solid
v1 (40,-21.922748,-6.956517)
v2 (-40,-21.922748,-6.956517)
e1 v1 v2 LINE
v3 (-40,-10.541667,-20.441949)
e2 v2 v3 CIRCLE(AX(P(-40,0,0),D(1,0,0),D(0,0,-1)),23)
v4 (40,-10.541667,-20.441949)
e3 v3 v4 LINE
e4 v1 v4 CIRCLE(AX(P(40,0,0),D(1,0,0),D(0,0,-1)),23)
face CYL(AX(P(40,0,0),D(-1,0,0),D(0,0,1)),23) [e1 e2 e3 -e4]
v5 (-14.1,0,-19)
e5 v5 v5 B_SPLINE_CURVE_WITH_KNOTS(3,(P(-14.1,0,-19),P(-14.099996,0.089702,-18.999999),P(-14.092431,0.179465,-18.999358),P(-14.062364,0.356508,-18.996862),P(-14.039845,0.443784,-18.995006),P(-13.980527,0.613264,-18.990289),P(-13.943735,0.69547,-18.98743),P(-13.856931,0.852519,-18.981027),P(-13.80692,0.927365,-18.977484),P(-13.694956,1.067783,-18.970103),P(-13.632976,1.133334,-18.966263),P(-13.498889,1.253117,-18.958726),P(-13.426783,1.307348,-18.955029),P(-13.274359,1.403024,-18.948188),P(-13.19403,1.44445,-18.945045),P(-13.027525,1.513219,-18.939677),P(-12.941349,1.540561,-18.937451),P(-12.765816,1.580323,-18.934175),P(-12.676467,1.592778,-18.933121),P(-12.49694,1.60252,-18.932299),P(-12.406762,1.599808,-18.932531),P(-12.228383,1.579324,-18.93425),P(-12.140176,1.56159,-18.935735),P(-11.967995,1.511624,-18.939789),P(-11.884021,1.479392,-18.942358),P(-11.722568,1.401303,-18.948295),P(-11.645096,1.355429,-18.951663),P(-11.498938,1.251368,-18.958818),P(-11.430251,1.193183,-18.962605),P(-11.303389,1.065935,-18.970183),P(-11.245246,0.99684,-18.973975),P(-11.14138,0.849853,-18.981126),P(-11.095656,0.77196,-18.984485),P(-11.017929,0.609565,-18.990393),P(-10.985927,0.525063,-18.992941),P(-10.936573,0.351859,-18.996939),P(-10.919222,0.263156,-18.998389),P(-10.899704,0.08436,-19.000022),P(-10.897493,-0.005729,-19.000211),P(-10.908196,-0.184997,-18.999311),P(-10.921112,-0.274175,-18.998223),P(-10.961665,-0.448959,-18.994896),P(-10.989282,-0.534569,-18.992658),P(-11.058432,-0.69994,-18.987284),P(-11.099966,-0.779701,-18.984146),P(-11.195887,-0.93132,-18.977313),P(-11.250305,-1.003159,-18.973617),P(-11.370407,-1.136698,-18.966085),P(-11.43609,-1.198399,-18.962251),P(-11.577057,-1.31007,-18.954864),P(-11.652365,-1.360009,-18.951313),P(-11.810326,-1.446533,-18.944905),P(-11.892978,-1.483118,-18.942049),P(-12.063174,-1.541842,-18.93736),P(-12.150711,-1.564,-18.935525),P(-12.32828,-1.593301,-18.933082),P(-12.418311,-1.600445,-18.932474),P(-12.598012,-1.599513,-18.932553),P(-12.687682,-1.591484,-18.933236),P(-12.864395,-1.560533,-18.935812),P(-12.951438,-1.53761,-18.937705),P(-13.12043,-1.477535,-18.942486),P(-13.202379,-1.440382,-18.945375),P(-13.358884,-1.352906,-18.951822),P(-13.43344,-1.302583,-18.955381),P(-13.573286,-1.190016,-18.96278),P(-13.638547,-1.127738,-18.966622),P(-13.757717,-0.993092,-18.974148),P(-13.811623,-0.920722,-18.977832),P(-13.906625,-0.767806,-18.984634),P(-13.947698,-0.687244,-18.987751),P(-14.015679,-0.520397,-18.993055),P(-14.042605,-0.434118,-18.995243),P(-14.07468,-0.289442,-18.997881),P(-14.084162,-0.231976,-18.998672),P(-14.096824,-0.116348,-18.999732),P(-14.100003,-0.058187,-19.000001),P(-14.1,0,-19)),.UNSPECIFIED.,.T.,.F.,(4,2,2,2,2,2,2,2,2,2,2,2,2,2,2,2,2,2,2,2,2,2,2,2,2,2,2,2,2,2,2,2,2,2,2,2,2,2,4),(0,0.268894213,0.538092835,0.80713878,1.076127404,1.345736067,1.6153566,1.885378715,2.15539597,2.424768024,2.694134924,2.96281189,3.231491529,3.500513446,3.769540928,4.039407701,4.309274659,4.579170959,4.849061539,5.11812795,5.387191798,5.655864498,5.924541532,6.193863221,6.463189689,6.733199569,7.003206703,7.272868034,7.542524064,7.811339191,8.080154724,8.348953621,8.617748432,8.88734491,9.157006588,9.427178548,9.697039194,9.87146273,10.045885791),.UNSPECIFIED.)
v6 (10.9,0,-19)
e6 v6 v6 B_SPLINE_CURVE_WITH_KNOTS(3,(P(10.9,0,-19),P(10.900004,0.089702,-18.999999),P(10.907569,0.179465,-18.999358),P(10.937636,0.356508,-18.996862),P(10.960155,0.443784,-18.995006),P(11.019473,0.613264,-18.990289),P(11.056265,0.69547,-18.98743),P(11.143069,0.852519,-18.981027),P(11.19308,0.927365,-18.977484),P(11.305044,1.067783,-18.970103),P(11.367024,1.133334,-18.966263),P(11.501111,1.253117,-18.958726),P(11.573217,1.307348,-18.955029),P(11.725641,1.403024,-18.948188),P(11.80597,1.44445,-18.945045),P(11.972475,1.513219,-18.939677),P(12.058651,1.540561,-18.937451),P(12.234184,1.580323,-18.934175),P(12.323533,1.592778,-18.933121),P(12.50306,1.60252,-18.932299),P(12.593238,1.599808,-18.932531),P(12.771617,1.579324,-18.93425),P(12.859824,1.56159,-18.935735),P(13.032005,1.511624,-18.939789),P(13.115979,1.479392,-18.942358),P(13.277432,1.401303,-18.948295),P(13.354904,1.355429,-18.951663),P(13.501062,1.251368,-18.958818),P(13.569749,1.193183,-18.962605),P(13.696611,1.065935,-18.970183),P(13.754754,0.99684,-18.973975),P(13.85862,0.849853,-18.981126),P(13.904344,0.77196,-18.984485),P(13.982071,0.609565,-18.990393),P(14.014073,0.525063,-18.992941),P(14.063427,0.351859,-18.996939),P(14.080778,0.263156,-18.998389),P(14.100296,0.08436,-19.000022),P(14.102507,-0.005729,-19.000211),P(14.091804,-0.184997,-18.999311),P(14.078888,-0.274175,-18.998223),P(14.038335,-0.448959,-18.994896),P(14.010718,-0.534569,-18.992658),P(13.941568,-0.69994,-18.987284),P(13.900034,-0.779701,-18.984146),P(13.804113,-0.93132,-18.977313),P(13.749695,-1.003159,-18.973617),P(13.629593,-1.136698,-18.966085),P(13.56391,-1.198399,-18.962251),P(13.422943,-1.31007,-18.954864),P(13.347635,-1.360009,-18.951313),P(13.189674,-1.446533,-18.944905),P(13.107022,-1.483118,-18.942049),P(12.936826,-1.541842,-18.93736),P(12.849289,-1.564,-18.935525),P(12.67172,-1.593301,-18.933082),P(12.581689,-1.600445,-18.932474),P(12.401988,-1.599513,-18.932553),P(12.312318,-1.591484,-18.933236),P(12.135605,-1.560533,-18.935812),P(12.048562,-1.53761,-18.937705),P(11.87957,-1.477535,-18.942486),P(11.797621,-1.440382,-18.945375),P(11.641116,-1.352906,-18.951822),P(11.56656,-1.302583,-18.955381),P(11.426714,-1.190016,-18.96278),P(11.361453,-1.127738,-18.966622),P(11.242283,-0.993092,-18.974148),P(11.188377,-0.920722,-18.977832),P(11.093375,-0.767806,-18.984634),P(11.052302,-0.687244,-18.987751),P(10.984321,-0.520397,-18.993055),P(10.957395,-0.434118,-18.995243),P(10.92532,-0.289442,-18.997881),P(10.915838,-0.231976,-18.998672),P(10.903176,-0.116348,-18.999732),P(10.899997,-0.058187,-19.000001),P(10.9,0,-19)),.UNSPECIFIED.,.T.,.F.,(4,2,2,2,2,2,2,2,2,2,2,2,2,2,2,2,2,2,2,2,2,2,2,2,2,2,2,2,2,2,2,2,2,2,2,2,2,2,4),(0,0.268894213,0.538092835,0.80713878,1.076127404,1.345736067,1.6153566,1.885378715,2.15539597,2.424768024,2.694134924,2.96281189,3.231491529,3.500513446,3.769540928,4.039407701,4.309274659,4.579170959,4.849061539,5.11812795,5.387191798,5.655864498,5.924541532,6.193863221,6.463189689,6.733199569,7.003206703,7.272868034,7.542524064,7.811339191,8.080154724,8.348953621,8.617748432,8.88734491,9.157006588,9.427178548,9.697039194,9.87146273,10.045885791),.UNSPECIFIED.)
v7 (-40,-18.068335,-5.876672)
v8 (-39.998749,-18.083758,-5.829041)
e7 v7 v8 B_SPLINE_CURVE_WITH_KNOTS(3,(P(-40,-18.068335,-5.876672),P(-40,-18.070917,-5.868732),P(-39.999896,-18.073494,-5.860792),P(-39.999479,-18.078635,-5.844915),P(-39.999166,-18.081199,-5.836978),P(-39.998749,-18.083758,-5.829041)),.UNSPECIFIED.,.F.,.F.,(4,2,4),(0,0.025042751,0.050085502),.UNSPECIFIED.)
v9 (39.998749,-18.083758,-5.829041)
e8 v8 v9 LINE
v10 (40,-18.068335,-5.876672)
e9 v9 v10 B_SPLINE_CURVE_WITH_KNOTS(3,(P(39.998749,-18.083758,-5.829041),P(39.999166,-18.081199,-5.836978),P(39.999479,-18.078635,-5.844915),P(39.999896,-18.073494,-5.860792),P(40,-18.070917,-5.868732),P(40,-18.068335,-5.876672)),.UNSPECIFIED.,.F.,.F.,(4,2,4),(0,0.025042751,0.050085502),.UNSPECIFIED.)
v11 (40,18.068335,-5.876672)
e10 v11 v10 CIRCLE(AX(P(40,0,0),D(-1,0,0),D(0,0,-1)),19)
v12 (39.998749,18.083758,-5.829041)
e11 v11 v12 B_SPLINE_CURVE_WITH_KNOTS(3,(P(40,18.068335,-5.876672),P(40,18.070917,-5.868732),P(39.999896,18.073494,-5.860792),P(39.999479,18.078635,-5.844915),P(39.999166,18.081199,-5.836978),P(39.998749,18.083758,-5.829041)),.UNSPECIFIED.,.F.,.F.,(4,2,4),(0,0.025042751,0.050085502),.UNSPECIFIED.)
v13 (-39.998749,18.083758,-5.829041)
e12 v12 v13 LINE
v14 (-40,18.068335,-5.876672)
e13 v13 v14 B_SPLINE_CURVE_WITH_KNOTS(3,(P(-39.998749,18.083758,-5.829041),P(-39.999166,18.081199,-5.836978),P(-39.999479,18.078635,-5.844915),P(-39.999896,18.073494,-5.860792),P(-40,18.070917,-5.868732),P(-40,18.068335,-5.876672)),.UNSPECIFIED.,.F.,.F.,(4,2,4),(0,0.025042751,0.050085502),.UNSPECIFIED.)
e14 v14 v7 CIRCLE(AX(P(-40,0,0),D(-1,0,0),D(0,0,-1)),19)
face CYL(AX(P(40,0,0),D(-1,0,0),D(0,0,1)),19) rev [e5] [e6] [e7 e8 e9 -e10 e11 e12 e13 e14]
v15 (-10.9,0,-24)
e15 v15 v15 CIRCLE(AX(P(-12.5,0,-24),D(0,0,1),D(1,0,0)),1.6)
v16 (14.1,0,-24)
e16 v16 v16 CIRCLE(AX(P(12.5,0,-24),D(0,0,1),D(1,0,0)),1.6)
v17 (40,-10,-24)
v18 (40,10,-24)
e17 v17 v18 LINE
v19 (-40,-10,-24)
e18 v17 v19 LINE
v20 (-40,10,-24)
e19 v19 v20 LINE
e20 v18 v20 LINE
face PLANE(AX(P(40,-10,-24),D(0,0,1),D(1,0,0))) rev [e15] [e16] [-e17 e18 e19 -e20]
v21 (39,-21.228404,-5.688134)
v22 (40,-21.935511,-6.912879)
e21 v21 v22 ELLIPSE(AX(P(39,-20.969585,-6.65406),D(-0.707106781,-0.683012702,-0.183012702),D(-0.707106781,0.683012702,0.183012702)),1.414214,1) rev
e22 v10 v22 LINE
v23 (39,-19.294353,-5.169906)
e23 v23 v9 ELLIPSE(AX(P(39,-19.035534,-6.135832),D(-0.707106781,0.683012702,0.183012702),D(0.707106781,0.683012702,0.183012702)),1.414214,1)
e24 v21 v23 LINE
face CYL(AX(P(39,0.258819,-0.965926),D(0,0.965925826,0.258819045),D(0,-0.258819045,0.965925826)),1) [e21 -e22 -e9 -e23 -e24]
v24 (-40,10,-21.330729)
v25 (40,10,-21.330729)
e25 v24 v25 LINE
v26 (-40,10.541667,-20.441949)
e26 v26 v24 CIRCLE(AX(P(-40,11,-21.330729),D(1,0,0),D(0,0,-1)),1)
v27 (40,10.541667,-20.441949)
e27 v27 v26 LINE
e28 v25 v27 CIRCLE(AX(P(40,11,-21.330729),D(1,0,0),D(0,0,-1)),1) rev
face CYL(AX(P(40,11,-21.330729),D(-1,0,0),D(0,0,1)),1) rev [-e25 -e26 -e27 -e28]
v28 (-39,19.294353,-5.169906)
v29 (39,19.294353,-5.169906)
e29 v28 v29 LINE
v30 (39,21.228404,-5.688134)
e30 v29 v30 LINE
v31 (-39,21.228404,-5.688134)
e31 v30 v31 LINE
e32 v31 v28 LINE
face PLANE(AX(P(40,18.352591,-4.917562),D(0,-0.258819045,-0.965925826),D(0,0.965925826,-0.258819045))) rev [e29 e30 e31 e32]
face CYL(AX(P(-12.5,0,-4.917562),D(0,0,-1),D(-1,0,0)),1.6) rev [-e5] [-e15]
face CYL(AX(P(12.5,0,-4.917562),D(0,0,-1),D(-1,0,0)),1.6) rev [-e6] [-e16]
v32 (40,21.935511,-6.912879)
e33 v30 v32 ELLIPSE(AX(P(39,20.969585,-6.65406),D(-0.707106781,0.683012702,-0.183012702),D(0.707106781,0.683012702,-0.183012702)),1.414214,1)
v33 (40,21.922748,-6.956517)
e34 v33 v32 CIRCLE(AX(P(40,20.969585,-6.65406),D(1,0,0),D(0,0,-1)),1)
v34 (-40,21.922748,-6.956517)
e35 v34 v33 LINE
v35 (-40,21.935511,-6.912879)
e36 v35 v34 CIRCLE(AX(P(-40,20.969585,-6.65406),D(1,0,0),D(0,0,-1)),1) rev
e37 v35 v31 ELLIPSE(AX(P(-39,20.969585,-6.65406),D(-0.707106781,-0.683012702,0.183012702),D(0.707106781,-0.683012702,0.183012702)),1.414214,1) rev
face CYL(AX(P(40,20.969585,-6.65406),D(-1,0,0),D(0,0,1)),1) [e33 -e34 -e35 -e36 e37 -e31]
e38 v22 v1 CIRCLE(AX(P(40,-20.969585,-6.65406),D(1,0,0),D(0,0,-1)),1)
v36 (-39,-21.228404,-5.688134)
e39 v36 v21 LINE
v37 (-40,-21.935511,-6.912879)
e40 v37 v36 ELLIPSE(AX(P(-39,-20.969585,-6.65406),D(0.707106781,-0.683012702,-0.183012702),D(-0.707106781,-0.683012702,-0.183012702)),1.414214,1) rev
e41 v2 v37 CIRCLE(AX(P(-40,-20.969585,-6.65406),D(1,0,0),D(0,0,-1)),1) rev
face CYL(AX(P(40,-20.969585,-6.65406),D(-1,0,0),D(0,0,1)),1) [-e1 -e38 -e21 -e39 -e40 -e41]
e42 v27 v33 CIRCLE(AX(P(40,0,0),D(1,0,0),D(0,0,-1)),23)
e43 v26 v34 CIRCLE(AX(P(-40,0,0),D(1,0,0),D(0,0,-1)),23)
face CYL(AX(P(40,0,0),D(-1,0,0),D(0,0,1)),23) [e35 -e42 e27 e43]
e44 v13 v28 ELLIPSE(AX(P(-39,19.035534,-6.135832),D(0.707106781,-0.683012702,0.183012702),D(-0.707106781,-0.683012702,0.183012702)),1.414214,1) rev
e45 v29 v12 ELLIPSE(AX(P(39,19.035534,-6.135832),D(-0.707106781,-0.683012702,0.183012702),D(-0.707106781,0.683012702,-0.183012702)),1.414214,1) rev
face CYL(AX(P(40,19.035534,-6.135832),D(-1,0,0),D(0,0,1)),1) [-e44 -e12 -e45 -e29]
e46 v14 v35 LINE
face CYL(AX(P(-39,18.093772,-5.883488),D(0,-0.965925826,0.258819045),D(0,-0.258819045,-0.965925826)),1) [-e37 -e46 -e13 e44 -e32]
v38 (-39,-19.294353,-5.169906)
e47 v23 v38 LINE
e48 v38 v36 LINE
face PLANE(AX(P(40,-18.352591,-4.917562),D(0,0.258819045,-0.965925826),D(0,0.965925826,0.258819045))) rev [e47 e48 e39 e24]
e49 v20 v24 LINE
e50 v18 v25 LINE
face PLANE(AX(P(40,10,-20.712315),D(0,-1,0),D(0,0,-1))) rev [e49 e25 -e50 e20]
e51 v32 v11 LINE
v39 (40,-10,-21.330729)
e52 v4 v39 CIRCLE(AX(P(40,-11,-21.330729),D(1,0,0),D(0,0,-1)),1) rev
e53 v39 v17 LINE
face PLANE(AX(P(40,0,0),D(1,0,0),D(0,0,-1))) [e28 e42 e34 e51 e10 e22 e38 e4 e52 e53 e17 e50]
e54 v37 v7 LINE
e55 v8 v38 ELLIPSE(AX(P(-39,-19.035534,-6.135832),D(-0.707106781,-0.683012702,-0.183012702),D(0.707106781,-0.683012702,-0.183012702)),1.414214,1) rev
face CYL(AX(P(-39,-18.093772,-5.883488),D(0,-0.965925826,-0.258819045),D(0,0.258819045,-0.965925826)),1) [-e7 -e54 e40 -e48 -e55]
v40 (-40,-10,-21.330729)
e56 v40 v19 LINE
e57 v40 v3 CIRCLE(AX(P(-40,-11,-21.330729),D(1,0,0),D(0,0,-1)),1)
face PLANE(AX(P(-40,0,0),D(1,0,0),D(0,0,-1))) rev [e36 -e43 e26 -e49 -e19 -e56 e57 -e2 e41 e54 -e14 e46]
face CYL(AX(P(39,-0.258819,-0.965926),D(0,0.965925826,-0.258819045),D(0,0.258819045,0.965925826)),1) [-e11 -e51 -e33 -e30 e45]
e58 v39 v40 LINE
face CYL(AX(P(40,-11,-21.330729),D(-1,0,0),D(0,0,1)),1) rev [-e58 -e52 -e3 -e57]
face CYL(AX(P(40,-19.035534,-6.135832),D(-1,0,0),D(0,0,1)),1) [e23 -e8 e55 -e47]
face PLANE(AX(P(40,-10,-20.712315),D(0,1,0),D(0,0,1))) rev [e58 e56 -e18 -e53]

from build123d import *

# Parameters (mm, degrees)
BOSS_EXTRUDE1_DEPTH     = 40
CUT_EXTRUDE1_DEPTH      = 50.57522733
CUT_EXTRUDE1_DEPTH_BACK = 50.57522733
SKETCH2_R               = 1.6
FILLET1_R               = 1


with BuildPart() as part:
    # Sketch1 → Boss-Extrude1 (new, symmetric)
    with BuildSketch(Plane.YZ):
        with BuildLine():
            Line((18.352590699, -4.917561857), (22.216294005, -5.952838037))
            ThreePointArc((22.216294005, -5.952838037), (17.718152872, -14.665164806), (10, -20.712315177))
            Line((10, -20.712315177), (10, -24))
            Line((10, -24), (-10, -24))
            Line((-10, -24), (-10, -20.712315177))
            ThreePointArc((-10, -20.712315177), (-17.718152872, -14.665164806), (-22.216294005, -5.952838037))
            Line((-22.216294005, -5.952838037), (-18.352590699, -4.917561857))
            ThreePointArc((-18.352590699, -4.917561857), (0, -19), (18.352590699, -4.917561857))
        make_face()
    extrude(amount=BOSS_EXTRUDE1_DEPTH, both=True)

    # Sketch2 → Cut-Extrude1 (cut, two sides: drawn at the far end of the back side and taken through both)
    with BuildSketch(Plane(origin=(0, 0, -24), x_dir=(-1, 0, 0), z_dir=(0, 0, -1)).offset(-CUT_EXTRUDE1_DEPTH_BACK)):
        with Locations((12.5, 0)):
            Circle(SKETCH2_R)
        with Locations((-12.5, 0)):
            Circle(SKETCH2_R)
    extrude(amount=CUT_EXTRUDE1_DEPTH + CUT_EXTRUDE1_DEPTH_BACK, mode=Mode.SUBTRACT)

    # Fillet1
    fillet1_edges = [part.edges().sort_by_distance(p)[0] for p in [
        (-40, -20.284442352, -5.435199947),
        (0, 18.352590699, -4.917561857),
        (0, 22.216294005, -5.952838037),
        (0, 10, -20.712315177),
        (0, -10, -20.712315177),
        (0, -22.216294005, -5.952838037),
        (0, -18.352590699, -4.917561857),
        (40, 20.284442352, -5.435199947),
        (-40, 20.284442352, -5.435199947),
        (40, -20.284442352, -5.435199947),
    ]]
    fillet(fillet1_edges, radius=FILLET1_R)


solid = part.part
